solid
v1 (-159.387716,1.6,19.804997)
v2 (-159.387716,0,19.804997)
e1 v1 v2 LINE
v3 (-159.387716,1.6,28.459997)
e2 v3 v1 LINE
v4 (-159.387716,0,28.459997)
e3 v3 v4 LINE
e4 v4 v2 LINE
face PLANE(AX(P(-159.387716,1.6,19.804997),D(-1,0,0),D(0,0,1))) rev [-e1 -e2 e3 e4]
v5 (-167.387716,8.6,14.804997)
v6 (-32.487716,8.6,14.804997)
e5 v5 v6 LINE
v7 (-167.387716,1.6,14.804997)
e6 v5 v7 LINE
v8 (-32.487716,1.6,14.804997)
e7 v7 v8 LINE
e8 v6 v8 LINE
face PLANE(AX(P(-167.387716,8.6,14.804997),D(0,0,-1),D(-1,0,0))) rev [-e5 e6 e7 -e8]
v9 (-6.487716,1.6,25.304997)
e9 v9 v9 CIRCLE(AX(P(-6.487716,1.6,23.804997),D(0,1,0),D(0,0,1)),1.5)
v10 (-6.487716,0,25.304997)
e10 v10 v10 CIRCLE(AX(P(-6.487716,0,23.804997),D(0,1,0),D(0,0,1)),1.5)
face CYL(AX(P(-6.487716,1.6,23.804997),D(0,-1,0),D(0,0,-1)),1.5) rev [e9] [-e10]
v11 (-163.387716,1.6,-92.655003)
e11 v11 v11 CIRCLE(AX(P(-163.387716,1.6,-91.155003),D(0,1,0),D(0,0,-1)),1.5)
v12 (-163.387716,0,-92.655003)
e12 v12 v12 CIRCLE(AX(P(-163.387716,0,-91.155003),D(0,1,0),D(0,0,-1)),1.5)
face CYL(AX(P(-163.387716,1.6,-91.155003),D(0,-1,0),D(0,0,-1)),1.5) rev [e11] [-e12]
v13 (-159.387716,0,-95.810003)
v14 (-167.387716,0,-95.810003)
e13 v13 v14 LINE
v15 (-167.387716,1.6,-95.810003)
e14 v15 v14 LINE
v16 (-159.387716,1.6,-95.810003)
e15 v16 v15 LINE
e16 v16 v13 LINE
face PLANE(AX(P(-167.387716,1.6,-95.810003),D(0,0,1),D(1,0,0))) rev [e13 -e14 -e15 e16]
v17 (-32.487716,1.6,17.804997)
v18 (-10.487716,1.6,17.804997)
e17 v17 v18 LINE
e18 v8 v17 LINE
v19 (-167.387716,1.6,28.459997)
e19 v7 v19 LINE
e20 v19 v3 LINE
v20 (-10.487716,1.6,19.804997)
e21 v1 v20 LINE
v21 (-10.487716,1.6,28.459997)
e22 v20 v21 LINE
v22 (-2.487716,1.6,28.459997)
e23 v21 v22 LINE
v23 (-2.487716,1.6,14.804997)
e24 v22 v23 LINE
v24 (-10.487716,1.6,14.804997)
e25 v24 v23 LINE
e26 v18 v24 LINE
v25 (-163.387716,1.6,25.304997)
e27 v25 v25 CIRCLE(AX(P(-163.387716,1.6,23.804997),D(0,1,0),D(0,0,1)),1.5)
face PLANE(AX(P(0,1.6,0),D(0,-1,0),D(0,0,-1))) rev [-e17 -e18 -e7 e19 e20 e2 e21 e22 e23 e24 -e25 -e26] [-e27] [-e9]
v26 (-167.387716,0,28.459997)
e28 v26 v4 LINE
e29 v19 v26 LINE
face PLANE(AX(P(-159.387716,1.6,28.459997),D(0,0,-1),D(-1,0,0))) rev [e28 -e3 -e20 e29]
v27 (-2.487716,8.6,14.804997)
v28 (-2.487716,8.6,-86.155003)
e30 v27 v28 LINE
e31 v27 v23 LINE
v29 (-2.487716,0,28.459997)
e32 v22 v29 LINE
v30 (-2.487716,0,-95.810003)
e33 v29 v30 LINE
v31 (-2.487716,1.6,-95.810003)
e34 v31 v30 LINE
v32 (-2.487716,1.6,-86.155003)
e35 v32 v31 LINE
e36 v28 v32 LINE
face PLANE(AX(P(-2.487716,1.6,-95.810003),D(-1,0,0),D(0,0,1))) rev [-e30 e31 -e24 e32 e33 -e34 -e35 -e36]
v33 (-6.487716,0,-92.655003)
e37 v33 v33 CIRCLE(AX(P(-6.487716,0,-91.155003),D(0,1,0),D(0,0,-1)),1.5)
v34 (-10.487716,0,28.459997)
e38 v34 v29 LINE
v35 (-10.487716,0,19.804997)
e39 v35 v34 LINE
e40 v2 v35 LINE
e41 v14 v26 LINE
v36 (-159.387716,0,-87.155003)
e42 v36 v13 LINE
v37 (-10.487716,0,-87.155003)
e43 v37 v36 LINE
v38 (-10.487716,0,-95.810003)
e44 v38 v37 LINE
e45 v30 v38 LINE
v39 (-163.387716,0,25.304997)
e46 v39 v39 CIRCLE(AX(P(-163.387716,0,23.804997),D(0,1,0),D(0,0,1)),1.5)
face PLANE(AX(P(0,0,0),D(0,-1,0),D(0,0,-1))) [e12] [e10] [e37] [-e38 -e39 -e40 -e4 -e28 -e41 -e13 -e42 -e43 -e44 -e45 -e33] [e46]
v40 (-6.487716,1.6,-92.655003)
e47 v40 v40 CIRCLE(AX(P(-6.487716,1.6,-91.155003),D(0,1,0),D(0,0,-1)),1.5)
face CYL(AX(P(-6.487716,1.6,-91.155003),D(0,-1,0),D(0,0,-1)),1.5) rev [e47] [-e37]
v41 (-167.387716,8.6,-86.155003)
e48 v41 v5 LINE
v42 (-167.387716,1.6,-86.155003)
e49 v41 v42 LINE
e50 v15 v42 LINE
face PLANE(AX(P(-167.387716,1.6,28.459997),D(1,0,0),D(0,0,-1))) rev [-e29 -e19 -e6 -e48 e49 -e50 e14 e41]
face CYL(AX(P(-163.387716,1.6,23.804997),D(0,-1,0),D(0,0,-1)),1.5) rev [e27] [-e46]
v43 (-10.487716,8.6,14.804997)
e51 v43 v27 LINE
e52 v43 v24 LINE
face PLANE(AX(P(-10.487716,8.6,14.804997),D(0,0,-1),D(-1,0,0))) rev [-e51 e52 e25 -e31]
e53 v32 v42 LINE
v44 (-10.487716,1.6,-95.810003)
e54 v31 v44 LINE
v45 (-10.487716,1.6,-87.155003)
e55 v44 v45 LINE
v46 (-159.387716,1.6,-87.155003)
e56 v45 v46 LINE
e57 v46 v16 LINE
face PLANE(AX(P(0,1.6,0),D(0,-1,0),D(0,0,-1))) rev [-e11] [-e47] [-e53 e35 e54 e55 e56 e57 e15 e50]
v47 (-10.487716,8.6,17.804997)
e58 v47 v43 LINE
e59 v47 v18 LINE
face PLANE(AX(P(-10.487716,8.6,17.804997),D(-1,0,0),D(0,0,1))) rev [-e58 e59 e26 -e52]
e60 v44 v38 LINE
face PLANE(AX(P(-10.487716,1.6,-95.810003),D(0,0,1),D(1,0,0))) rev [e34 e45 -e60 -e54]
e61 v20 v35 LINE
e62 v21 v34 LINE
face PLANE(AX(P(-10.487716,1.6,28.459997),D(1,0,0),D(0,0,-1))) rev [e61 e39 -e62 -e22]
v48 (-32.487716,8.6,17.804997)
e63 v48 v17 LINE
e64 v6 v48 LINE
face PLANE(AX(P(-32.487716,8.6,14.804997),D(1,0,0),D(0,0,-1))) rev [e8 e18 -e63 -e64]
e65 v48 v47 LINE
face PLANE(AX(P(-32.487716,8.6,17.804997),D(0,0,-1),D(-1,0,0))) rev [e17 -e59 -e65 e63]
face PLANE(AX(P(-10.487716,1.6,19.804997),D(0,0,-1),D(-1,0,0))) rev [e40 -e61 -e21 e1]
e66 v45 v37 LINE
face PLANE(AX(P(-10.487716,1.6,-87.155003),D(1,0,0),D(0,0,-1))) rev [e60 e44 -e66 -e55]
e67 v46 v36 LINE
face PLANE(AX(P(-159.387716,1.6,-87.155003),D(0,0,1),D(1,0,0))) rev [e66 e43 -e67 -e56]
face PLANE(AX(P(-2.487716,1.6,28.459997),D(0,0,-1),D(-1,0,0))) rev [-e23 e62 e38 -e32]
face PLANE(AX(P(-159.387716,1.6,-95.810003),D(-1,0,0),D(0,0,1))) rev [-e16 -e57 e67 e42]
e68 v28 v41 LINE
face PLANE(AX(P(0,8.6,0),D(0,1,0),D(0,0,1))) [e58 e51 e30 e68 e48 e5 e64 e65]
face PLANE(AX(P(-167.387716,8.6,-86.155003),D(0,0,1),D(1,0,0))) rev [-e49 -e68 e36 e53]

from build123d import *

# Parameters (mm, degrees)
SKETCH1_R           = 1.5
BOSS_EXTRUDE1_DEPTH = 1.6
BOSS_EXTRUDE2_DEPTH = 7


with BuildPart() as part:
    # Sketch1 → Boss-Extrude1 (new body)
    with BuildSketch(Plane(origin=(0, 0, 0), x_dir=(1, 0, 0), z_dir=(0, 1, 0))):
        Polygon((-167.387715517, 87.155002586), (-167.387715517, -19.804997414), (-167.387715517, -28.459997414), (-159.387715517, -28.459997414), (-159.387715517, -19.804997414), (-10.487715517, -19.804997414), (-10.487715517, -28.459997414), (-2.487715517, -28.459997414), (-2.487715517, -19.804997414), (-2.487715517, 87.155002586), (-2.487715517, 95.810002586), (-10.487715517, 95.810002586), (-10.487715517, 87.155002586), (-159.387715517, 87.155002586), (-159.387715517, 95.810002586), (-167.387715517, 95.810002586), align=None)
        with Locations(Location((-6.487715517, -23.804997414, 0), (0, 0, 270))):
            Circle(SKETCH1_R, mode=Mode.SUBTRACT)
        with Locations(Location((-163.387715517, -23.804997414, 0), (0, 0, 270))):
            Circle(SKETCH1_R, mode=Mode.SUBTRACT)
        with Locations(Location((-6.487715517, 91.155002586, 0), (0, 0, 90))):
            Circle(SKETCH1_R, mode=Mode.SUBTRACT)
        with Locations(Location((-163.387715517, 91.155002586, 0), (0, 0, 90))):
            Circle(SKETCH1_R, mode=Mode.SUBTRACT)
    extrude(amount=BOSS_EXTRUDE1_DEPTH)

    # Sketch2 → Boss-Extrude2 (add)
    with BuildSketch(Plane(origin=(0, 1.6, 0), x_dir=(1, 0, 0), z_dir=(0, 1, 0))):
        Polygon((-167.387715517, 86.155002586), (-2.487715517, 86.155002586), (-2.487715517, -14.804997414), (-10.487715517, -14.804997414), (-10.487715517, -17.804997414), (-32.487715517, -17.804997414), (-32.487715517, -14.804997414), (-167.387715517, -14.804997414), align=None)
    extrude(amount=BOSS_EXTRUDE2_DEPTH)


solid = part.part
